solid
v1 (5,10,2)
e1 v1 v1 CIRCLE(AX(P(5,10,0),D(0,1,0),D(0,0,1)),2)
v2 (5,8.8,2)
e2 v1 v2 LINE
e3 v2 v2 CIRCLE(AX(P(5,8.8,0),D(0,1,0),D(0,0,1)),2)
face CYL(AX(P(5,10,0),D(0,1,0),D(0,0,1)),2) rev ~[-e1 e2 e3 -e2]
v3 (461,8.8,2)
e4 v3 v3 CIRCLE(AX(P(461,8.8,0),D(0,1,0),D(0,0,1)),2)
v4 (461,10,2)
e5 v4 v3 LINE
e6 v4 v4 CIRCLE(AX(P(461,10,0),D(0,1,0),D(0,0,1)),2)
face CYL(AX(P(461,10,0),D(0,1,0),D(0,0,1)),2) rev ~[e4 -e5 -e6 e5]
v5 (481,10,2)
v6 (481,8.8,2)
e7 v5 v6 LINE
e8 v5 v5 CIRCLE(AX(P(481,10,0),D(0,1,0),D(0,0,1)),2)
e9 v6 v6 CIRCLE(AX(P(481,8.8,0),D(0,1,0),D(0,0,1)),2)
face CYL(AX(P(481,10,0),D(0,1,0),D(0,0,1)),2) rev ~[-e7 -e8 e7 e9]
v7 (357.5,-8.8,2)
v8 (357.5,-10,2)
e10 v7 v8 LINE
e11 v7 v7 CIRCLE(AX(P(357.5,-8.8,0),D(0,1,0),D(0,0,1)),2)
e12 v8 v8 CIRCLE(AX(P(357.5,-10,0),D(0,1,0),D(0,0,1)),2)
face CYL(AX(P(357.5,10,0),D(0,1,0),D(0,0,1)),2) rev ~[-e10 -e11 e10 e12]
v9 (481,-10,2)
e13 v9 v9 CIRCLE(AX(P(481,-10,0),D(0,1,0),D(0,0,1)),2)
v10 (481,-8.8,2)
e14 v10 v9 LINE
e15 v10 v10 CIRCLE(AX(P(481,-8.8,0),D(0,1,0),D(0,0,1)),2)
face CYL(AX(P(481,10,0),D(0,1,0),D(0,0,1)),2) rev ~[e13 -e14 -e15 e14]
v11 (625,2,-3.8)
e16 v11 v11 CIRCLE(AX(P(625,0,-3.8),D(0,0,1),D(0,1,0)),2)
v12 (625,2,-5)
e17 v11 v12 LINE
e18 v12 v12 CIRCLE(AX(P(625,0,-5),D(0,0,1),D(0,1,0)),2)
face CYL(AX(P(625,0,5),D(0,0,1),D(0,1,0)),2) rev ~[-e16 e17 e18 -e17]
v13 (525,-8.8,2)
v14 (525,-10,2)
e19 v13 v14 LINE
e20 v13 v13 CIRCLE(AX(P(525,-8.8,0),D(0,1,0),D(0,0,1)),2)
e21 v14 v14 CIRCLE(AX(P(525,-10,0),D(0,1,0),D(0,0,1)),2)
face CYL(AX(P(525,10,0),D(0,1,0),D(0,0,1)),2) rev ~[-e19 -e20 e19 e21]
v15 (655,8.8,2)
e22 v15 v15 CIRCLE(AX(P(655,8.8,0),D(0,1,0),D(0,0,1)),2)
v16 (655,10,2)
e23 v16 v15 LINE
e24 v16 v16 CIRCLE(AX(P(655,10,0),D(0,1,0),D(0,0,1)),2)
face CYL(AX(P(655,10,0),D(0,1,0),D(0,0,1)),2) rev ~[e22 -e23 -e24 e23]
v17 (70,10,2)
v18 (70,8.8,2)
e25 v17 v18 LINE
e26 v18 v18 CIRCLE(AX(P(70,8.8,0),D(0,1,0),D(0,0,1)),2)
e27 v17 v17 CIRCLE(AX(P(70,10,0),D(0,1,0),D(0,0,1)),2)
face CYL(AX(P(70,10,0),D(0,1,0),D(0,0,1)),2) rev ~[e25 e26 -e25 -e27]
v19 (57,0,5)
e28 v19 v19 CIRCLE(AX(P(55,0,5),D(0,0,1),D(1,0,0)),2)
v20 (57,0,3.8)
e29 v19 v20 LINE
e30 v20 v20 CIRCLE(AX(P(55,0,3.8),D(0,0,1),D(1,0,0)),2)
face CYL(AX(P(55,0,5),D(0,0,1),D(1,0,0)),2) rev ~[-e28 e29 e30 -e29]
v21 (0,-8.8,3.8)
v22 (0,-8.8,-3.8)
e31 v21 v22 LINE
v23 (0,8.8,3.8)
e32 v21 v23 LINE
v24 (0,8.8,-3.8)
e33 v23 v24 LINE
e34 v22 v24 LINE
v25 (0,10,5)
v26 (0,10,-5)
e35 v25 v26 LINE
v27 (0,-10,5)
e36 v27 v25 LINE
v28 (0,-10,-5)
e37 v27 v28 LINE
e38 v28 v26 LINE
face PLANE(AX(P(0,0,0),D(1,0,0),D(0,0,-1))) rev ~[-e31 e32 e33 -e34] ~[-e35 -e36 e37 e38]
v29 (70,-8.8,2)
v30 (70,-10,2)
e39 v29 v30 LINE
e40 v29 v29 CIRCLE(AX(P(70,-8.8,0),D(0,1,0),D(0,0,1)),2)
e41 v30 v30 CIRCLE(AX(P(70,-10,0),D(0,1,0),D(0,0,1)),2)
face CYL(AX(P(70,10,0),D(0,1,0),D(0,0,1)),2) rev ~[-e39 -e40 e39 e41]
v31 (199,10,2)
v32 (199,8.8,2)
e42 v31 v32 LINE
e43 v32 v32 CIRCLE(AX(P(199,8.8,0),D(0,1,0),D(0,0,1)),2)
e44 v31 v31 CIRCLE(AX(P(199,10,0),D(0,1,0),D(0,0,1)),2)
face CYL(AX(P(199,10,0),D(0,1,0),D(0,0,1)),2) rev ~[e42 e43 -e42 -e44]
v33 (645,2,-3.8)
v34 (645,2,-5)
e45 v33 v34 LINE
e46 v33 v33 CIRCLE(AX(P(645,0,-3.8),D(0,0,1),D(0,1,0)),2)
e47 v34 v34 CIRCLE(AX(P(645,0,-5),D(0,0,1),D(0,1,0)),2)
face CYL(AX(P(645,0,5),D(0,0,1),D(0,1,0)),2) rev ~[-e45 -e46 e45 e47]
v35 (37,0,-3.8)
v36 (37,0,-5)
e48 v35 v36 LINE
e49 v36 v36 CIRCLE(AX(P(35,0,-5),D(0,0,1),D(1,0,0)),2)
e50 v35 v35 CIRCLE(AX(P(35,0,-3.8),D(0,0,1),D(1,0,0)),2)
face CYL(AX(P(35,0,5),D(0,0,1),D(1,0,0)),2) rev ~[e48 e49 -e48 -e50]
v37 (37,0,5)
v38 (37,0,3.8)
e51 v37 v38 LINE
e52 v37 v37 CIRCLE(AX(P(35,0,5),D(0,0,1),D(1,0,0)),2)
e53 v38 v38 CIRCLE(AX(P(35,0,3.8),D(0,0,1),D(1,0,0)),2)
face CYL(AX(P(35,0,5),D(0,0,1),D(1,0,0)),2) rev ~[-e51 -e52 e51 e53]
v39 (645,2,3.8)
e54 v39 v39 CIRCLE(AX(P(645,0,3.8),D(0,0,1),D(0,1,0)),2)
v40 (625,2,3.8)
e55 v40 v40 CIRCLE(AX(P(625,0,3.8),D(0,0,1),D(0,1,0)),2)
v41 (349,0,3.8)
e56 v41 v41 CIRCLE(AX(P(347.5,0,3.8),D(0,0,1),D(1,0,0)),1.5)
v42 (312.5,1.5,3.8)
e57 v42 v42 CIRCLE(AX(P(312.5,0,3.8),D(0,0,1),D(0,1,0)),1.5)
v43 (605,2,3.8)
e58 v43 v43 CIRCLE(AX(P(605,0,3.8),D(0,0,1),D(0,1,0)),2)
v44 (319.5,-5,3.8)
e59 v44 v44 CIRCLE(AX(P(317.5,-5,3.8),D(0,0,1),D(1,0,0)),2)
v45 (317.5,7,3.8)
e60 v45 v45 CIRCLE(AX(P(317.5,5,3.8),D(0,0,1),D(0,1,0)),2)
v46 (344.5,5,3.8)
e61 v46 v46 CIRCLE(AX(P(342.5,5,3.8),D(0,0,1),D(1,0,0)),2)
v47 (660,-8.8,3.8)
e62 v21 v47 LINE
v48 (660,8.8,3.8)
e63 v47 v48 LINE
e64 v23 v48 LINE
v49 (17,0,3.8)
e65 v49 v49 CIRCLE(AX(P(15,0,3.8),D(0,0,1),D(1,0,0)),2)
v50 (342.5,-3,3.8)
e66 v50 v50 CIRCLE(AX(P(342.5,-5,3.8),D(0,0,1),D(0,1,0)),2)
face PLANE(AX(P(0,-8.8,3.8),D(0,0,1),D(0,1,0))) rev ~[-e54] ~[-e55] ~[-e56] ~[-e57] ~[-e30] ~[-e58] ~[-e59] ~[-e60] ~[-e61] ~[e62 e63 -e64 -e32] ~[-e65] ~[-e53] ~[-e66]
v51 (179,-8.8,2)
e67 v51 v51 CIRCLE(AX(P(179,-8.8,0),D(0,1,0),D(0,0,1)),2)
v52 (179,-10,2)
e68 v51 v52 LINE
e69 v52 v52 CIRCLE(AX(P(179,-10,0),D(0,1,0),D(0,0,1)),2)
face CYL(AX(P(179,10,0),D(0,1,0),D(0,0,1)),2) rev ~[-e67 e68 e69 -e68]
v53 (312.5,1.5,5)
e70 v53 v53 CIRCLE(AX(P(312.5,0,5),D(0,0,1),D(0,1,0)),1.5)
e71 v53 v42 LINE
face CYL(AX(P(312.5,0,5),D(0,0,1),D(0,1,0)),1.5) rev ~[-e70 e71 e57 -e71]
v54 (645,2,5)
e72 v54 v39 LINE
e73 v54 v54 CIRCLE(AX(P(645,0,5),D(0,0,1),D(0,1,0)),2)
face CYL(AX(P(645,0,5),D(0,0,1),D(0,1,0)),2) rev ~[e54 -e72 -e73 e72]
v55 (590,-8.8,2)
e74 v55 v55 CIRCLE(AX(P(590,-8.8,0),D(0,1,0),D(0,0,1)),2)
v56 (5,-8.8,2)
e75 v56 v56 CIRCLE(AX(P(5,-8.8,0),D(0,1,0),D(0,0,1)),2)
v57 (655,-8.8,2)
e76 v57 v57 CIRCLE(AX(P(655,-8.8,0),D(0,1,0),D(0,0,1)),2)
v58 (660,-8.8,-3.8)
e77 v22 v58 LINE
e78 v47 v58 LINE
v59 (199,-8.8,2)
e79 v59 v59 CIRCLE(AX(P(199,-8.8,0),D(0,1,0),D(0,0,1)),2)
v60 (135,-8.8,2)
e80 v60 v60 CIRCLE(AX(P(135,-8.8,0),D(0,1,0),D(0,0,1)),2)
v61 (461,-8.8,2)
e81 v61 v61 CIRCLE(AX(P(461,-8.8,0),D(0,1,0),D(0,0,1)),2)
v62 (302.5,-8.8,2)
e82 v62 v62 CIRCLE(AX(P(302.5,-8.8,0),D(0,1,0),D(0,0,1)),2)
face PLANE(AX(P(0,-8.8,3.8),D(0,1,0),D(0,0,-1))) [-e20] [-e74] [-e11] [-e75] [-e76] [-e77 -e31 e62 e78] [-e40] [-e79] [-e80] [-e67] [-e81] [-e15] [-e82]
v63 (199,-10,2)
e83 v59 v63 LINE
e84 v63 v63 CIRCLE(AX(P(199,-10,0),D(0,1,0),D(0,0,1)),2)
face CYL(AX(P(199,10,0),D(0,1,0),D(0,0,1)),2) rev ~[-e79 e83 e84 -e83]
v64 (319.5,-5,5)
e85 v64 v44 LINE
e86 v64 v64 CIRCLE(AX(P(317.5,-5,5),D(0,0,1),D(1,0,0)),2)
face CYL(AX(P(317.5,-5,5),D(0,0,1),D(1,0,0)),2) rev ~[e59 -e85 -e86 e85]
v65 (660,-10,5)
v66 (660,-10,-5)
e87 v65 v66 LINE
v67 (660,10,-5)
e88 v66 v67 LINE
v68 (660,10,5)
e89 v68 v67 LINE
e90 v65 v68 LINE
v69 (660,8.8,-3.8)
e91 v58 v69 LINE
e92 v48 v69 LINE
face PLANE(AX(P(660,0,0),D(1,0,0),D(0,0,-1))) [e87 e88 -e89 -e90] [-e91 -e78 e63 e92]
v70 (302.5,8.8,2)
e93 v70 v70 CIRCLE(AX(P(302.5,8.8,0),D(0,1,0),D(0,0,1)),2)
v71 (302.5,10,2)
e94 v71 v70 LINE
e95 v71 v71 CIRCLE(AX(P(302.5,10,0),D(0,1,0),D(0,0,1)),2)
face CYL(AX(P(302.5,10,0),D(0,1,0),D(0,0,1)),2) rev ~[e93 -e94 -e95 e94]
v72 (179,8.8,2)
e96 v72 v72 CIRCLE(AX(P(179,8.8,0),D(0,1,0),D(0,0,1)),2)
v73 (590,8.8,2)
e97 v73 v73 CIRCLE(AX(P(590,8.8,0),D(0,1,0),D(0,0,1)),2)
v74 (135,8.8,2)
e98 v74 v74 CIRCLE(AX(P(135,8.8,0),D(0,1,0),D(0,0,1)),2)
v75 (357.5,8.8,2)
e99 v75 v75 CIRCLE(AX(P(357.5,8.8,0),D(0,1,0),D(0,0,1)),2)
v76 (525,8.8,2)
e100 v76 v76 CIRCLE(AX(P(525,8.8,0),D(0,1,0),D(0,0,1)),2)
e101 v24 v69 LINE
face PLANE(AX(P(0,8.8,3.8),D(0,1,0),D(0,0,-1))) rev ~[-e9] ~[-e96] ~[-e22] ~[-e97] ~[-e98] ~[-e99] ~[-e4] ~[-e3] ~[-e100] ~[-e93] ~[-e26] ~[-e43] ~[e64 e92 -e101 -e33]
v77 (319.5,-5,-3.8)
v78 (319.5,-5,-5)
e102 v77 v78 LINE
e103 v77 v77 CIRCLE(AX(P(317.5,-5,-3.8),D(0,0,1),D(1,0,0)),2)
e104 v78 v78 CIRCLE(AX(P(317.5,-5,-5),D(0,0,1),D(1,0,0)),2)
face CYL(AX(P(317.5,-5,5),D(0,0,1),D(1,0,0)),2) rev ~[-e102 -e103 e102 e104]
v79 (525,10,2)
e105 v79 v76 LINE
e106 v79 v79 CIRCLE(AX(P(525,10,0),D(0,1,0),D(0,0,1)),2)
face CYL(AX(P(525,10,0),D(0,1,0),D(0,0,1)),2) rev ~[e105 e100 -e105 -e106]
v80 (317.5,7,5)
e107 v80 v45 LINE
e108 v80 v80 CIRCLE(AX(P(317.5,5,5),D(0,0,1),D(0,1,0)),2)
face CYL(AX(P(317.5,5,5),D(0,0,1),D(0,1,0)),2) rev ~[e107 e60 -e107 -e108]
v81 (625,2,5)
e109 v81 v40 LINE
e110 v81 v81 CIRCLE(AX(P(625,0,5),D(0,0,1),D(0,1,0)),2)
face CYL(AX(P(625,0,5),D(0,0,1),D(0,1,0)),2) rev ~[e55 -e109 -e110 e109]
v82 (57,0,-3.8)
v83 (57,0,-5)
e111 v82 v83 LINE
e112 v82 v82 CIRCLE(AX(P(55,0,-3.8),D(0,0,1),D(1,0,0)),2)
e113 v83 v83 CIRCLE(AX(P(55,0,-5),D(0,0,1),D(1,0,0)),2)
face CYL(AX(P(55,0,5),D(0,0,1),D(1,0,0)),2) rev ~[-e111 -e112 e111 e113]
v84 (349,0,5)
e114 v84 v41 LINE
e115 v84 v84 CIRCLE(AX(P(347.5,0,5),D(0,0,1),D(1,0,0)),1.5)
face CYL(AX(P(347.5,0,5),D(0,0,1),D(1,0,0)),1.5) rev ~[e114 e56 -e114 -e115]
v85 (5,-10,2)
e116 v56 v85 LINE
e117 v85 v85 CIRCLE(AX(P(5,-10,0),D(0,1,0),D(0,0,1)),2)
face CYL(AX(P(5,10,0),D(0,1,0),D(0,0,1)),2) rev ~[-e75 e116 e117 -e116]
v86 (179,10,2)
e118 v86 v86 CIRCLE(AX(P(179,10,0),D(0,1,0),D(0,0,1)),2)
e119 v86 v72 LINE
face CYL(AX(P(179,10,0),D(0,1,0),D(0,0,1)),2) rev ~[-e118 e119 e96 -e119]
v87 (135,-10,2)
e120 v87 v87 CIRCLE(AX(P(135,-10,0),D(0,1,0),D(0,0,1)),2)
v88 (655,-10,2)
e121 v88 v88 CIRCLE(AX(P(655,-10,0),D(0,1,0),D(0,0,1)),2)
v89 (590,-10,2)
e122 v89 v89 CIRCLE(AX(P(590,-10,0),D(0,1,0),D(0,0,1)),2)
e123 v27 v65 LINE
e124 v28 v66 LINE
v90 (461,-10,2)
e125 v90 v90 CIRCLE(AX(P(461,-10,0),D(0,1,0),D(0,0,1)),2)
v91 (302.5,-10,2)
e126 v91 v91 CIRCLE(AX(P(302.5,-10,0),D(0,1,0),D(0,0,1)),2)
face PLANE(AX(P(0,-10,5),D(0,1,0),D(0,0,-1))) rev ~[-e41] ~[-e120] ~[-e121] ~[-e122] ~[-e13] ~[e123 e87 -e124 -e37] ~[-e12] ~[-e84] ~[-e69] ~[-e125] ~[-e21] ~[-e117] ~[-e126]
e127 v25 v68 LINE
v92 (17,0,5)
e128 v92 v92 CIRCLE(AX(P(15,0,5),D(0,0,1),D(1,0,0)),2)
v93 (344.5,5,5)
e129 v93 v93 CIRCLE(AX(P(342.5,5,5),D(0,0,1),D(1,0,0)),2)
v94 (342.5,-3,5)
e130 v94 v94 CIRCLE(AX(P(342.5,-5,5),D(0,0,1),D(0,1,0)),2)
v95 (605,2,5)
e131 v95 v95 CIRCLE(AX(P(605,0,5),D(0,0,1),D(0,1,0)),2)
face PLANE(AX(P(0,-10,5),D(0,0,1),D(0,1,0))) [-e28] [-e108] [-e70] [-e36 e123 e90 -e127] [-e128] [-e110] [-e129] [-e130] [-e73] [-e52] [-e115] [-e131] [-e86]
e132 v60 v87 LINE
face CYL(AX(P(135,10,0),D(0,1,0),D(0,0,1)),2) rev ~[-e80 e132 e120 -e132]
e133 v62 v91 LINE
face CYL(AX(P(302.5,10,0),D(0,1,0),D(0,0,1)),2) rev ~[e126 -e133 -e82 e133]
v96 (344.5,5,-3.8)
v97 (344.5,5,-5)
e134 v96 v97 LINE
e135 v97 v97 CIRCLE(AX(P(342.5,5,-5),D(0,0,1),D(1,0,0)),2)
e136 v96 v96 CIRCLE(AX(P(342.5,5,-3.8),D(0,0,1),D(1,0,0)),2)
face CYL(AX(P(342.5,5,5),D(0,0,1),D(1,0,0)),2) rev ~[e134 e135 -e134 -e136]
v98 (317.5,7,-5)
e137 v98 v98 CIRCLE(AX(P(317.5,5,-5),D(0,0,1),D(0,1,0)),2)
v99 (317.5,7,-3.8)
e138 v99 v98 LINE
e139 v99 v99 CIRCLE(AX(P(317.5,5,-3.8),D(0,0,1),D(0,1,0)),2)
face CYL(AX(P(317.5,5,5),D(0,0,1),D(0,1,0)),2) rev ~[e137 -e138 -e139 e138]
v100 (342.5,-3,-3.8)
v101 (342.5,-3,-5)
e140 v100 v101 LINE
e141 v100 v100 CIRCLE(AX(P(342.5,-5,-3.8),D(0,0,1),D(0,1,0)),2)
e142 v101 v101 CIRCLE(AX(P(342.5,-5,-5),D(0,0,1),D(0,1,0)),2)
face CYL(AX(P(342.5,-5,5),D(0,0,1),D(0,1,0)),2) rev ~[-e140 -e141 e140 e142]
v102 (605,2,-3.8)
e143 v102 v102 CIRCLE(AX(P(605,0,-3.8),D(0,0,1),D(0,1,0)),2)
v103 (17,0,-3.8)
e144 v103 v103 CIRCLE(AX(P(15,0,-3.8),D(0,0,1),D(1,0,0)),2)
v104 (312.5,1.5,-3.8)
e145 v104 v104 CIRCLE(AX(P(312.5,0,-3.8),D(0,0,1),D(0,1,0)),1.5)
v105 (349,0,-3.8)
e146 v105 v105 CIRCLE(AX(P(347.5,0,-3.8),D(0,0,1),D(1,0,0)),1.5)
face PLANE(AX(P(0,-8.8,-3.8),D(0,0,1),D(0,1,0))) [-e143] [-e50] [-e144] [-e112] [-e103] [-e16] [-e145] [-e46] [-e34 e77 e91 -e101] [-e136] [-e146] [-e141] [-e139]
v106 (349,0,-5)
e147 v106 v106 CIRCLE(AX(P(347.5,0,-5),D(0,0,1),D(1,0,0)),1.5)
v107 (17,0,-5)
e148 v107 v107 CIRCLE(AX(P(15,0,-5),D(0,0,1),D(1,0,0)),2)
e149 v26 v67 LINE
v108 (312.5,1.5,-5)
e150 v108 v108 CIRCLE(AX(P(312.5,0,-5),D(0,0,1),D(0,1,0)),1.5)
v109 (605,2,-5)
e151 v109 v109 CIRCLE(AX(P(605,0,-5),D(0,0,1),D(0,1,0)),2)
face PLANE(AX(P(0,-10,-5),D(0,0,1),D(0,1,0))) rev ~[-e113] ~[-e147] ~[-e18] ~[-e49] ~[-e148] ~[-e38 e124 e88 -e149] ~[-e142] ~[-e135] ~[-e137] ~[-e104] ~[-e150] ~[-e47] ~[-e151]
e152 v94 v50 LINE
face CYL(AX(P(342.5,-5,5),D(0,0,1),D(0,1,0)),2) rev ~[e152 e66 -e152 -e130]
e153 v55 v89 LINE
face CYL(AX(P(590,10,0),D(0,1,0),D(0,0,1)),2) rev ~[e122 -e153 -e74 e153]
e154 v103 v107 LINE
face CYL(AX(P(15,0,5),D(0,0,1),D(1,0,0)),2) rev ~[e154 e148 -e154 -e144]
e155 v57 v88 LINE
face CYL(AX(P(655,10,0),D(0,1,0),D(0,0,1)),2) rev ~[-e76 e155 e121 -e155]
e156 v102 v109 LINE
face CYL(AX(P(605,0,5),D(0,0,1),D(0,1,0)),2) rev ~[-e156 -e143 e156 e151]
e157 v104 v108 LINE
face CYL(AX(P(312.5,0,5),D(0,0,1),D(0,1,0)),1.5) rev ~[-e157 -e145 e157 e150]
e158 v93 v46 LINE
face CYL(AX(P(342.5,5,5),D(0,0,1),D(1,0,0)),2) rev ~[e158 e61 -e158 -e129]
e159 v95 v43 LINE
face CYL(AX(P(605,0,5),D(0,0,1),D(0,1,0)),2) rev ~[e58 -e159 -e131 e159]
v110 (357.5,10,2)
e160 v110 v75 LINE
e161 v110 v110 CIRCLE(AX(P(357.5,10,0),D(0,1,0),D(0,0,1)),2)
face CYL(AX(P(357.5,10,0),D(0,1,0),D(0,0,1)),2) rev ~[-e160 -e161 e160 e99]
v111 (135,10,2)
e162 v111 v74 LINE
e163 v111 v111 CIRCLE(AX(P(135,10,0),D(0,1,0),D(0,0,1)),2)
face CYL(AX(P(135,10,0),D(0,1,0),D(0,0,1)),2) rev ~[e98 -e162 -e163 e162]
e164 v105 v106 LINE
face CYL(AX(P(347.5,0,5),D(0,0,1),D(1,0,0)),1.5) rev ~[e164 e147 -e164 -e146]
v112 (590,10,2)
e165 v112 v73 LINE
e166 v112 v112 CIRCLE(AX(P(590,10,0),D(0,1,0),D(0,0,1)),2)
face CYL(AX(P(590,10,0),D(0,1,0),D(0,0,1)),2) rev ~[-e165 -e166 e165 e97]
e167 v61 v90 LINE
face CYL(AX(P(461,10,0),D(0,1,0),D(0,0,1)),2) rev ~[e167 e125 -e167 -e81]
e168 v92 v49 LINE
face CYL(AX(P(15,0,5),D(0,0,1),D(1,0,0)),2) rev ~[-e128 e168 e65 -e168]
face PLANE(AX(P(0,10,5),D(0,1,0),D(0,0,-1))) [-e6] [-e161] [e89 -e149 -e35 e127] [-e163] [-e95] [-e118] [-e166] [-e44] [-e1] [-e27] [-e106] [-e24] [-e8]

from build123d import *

# Parameters (mm, degrees)
SKETCH_1_W          = 10
SKETCH_1_H          = 20
SKETCH_1_W_2        = 7.6
SKETCH_1_H_2        = 17.6
EXTRUDE_1_DEPTH     = 660
SKETCH_2_R          = 2
CUT_EXTRUDE_1_DEPTH = 661.321891202
SKETCH_3_R          = 1.5
SKETCH_3_R_2        = 2
CUT_EXTRUDE_2_DEPTH = 661.151497764


with BuildPart() as part:
    # ｽｹｯﾁ1 → 押し出し-薄板1 (new body)
    with BuildSketch(Plane(origin=(0, 0, 0), x_dir=(0, 0, -1), z_dir=(1, 0, 0))):
        Rectangle(SKETCH_1_W, SKETCH_1_H)
        Rectangle(SKETCH_1_W_2, SKETCH_1_H_2, mode=Mode.SUBTRACT)
    extrude(amount=EXTRUDE_1_DEPTH)

    # ｽｹｯﾁ2 → ｶｯﾄ - 押し出し1 (cut, through all)
    with BuildSketch(Plane(origin=(0, 10, 0), x_dir=(1, 0, 0), z_dir=(0, 1, 0))):
        with Locations(Location((5, 0, 0), (0, 0, 270))):
            Circle(SKETCH_2_R)
        with Locations(Location((70, 0, 0), (0, 0, 270))):
            Circle(SKETCH_2_R)
        with Locations(Location((135, 0, 0), (0, 0, 270))):
            Circle(SKETCH_2_R)
        with Locations(Location((525, 0, 0), (0, 0, 270))):
            Circle(SKETCH_2_R)
        with Locations(Location((590, 0, 0), (0, 0, 270))):
            Circle(SKETCH_2_R)
        with Locations(Location((655, 0, 0), (0, 0, 270))):
            Circle(SKETCH_2_R)
        with Locations(Location((199, 0, 0), (0, 0, 270))):
            Circle(SKETCH_2_R)
        with Locations(Location((179, 0, 0), (0, 0, 270))):
            Circle(SKETCH_2_R)
        with Locations(Location((481, 0, 0), (0, 0, 270))):
            Circle(SKETCH_2_R)
        with Locations(Location((461, 0, 0), (0, 0, 270))):
            Circle(SKETCH_2_R)
        with Locations(Location((357.5, 0, 0), (0, 0, 270))):
            Circle(SKETCH_2_R)
        with Locations(Location((302.5, 0, 0), (0, 0, 270))):
            Circle(SKETCH_2_R)
    extrude(amount=-CUT_EXTRUDE_1_DEPTH, mode=Mode.SUBTRACT)

    # ｽｹｯﾁ3 → ｶｯﾄ - 押し出し2 (cut, through all)
    with BuildSketch(Plane.XY.offset(5)):
        with Locations((347.5, 0)):
            Circle(SKETCH_3_R)
        with Locations(Location((312.5, 0, 0), (0, 0, 90))):
            Circle(SKETCH_3_R)
        with Locations((342.5, 5)):
            Circle(SKETCH_3_R_2)
        with Locations(Location((342.5, -5, 0), (0, 0, 90))):
            Circle(SKETCH_3_R_2)
        with Locations((317.5, -5)):
            Circle(SKETCH_3_R_2)
        with Locations(Location((317.5, 5, 0), (0, 0, 90))):
            Circle(SKETCH_3_R_2)
        with Locations((15, 0)):
            Circle(SKETCH_3_R_2)
        with Locations((35, 0)):
            Circle(SKETCH_3_R_2)
        with Locations((55, 0)):
            Circle(SKETCH_3_R_2)
        with Locations(Location((605, 0, 0), (0, 0, 90))):
            Circle(SKETCH_3_R_2)
        with Locations(Location((625, 0, 0), (0, 0, 90))):
            Circle(SKETCH_3_R_2)
        with Locations(Location((645, 0, 0), (0, 0, 90))):
            Circle(SKETCH_3_R_2)
    extrude(amount=-CUT_EXTRUDE_2_DEPTH, mode=Mode.SUBTRACT)


solid = part.part
